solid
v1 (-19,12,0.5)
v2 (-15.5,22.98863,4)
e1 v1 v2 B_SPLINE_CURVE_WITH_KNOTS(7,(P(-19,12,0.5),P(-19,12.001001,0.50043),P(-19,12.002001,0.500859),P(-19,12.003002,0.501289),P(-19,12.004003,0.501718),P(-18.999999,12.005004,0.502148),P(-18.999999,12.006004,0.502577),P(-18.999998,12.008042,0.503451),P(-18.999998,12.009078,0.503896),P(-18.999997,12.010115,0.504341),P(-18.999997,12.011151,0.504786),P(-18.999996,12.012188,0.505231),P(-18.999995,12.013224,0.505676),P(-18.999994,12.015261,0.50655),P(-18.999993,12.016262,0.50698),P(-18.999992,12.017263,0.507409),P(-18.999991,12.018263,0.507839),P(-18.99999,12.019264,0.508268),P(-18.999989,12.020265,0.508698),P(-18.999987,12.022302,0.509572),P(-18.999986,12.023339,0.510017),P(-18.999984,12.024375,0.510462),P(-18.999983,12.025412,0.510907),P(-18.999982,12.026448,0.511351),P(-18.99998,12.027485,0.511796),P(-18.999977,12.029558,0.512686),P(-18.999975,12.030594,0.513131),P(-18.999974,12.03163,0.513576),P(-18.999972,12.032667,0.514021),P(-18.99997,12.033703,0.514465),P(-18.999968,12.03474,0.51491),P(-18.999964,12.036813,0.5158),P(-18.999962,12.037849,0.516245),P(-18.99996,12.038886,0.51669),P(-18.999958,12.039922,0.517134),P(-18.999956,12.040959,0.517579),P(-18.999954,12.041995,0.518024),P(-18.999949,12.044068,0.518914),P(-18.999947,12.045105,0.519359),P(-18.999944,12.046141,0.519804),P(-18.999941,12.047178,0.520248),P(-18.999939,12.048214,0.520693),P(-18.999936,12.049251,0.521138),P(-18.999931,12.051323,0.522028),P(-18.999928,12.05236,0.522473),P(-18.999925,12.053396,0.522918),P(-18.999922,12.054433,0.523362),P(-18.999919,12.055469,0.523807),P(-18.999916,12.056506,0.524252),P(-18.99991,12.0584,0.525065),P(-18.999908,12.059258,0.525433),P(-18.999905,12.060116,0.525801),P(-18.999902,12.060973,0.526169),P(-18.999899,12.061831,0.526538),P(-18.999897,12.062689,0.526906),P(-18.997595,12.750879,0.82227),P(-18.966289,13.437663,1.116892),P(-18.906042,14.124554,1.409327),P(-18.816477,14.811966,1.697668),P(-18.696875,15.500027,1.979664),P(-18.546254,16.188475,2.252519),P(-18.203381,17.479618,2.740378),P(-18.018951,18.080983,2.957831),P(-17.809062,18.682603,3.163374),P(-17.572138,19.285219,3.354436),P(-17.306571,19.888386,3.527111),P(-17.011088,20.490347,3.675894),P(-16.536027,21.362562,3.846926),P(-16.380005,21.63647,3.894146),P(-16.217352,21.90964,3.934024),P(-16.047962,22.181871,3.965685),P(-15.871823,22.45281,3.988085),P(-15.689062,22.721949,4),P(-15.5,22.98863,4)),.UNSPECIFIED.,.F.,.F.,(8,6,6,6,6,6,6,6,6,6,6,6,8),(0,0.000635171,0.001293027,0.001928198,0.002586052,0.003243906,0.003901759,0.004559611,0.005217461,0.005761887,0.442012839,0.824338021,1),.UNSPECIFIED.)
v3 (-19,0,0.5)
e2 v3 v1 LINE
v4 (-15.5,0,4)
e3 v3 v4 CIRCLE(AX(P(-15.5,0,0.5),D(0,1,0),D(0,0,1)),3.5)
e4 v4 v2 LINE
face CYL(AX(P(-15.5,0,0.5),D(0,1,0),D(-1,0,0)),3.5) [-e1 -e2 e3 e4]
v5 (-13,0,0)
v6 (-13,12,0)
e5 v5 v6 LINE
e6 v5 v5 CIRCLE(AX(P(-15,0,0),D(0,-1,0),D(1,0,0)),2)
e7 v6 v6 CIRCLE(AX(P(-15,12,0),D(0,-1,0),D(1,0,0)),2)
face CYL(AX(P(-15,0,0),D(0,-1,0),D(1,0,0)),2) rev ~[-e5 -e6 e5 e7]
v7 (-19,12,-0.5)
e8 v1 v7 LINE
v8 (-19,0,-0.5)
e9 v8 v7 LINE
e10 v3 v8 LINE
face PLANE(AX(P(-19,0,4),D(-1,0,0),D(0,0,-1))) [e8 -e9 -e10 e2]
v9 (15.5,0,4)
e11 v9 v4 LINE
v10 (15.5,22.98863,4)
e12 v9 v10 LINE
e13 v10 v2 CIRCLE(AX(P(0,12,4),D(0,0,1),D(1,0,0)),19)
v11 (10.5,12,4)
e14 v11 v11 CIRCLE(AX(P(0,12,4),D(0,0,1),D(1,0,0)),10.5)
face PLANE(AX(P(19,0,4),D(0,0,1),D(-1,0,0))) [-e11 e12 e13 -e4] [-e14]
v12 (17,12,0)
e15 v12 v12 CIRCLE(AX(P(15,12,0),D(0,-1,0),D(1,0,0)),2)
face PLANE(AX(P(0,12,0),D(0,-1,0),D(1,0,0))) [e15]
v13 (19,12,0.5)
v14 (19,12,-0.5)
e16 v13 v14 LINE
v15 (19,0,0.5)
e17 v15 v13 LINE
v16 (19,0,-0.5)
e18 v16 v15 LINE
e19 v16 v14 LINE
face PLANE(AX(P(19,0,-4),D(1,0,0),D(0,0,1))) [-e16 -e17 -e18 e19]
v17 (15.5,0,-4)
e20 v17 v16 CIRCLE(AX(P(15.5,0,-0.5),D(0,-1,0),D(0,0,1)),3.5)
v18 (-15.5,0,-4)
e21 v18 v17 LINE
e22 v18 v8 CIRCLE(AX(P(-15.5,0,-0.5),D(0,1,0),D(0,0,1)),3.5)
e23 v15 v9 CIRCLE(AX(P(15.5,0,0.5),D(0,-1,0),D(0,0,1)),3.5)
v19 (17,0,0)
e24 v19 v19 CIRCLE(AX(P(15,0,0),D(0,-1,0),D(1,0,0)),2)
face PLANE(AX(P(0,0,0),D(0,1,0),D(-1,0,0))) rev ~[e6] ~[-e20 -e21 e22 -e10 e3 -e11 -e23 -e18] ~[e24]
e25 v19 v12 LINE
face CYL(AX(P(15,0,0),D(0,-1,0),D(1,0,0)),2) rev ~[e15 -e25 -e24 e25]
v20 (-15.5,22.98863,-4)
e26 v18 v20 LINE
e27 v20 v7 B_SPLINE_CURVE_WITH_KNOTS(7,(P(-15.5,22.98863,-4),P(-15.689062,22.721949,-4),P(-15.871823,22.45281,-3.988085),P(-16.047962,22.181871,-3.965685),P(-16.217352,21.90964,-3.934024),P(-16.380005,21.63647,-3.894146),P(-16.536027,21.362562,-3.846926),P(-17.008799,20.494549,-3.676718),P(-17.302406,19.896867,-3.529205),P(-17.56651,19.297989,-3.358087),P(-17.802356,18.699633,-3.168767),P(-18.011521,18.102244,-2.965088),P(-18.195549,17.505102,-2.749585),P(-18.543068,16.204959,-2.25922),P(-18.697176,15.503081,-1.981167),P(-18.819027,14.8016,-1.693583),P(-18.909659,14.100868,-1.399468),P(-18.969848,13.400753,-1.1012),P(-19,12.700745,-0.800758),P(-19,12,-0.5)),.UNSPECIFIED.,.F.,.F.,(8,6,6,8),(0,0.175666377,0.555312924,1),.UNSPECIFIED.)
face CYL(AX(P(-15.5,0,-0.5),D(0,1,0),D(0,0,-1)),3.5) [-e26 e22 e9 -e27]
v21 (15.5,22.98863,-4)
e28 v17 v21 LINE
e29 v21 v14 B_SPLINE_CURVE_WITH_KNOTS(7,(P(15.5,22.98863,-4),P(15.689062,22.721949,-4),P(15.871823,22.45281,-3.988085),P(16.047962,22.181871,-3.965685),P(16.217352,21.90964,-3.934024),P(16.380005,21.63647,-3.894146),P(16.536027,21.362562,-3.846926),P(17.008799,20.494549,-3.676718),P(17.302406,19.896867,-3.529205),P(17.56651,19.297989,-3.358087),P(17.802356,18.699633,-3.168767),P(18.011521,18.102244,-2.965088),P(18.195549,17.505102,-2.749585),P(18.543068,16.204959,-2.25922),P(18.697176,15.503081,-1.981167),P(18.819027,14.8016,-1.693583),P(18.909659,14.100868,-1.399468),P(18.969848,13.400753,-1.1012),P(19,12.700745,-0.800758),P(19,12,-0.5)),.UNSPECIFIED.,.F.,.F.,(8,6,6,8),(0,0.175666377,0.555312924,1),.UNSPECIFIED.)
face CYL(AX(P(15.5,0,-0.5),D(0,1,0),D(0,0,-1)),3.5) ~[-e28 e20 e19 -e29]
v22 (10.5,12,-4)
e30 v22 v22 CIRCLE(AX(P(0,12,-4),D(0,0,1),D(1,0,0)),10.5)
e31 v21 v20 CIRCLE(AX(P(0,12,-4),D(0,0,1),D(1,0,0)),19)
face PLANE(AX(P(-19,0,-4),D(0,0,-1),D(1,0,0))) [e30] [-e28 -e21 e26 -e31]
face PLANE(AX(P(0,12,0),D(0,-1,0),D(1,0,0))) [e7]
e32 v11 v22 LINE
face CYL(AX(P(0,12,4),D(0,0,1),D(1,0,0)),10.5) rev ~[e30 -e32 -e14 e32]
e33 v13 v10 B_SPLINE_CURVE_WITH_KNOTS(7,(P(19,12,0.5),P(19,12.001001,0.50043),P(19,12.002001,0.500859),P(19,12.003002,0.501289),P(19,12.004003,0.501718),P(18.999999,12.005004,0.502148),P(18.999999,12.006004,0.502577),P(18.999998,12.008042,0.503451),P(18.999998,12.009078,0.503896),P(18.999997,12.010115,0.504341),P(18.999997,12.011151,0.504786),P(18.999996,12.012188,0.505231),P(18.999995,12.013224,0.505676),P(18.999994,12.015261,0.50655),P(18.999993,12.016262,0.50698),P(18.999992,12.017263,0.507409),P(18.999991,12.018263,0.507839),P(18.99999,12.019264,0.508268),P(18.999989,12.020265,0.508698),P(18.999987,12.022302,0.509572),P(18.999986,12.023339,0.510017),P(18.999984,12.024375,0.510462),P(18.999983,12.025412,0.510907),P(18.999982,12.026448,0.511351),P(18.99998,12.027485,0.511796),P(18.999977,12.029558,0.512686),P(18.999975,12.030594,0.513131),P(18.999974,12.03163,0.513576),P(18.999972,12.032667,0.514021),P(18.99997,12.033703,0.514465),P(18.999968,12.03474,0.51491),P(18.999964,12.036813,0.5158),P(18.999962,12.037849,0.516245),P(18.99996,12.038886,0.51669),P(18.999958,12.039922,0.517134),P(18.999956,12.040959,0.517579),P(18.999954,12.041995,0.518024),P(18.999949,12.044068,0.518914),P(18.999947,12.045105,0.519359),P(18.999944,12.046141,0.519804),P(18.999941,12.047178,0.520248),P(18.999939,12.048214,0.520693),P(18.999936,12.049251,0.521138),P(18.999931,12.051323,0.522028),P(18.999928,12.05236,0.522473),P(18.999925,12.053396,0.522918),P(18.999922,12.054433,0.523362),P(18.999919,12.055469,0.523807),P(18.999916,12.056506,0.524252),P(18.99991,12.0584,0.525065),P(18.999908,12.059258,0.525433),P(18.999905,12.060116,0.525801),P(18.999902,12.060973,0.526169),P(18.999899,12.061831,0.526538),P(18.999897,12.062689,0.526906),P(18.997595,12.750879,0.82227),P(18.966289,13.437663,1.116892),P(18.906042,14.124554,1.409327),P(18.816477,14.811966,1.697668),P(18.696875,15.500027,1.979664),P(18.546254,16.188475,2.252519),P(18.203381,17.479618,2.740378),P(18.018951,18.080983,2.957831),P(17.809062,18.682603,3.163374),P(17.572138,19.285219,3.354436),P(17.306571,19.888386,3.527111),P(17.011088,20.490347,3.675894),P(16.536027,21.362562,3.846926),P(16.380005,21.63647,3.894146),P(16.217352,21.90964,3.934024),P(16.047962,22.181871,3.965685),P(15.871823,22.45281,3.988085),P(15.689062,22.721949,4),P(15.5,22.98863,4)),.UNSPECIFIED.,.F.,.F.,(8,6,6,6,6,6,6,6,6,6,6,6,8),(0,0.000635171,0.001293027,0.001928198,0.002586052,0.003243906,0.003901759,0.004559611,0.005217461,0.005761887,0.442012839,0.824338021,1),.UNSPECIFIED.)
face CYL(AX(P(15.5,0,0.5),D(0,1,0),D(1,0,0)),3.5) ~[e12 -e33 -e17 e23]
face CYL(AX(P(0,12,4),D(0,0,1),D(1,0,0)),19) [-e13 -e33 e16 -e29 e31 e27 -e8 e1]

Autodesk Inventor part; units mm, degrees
ref_plane "YZ Plane" through (0, 0, 0) normal (1, 0, 0) x (0, 1, 0)
ref_plane "XZ Plane" through (0, 0, 0) normal (0, 1, 0) x (-1, 0, 0)
ref_plane "XY Plane" through (0, 0, 0) normal (0, 0, 1) x (1, 0, 0)
sketch "Эскиз1" plane through (0, 0, 0) normal (1, 0, 0) x (0, 1, 0)
  point P0 (0, 0)
sketch "Эскиз2" plane through (0, 0, 0) normal (0, 1, 0) x (-1, 0, 0)
  line L0 (19, -4) -> (-19, -4)
  line L1 (-19, -4) -> (-19, 4)
  line L2 (-19, 4) -> (19, 4)
  line L3 (19, 4) -> (19, -4)
  line L4 (19, -4) -> (-19, 4) construction
  line L5 (-19, -4) -> (19, 4) construction
  line L6 (19, 0) -> (-19, 0) construction
  circle A0 centre (-15, 0) radius 2
  line L7 (0, -4) -> (0, 4) construction
  circle A1 centre (15, 0) radius 2
  point P0 (0, 0)
  dimension "d1" = 30
  dimension "d2" = 4
  dimension "d3" = 38
  dimension "d4" = 8
extrude "Выдавливание1" add sketch "Эскиз2" along normal blind 35 contours L0 L1 L2 L3 | A0 | A1
fillet "Сопряжение1" radius 3.5 4 edges at (19, 17.5, 4) (19, 17.5, -4) (-19, 17.5, 4) (-19, 17.5, -4)
sketch "Эскиз3" plane through (-15.5, 0, 4) normal (0, 0, 1) x (1, 0, 0)
  line L0 (29, 35) -> (29, 0) construction
  line L1 (0, 0) -> (0, 35) construction
  line L2 (0, 0) -> (31, 0) construction
  line L3 (31, 35) -> (31, 0) construction
  line L4 (0, 35) -> (31, 35) construction
  line L5 (32, 35) -> (32, 0) construction
  line L6 (34.5, 35) -> (31, 35) construction
  line L7 (31, 35) -> (31, 0) construction
  line L8 (31, 0) -> (34.5, 0) construction
  line L9 (34.5, 0) -> (34.5, 35) construction
  line L10 (-1, 35) -> (-1, 0) construction
  line L11 (0, 35) -> (-3.5, 35) construction
  line L12 (-3.5, 35) -> (-3.5, 0) construction
  line L13 (-3.5, 0) -> (0, 0) construction
  line L14 (0, 0) -> (0, 35) construction
  line L15 (0, 0) -> (0, 35) construction
  line L16 (-1, 35) -> (2, 35) construction
  line L17 (29, 35) -> (32, 35) construction
  line L18 (29, 0) -> (32, 0) construction
  line L19 (-1, 35) -> (2, 35) construction
  line L20 (-1, 0) -> (2, 0) construction
  line L21 (-1, 35) -> (2, 35) construction
  line L22 (-1, 0) -> (2, 0) construction
  line L23 (2, 35) -> (2, 0) construction
  line L24 (29, 35) -> (2, 0) construction
  line L25 (2, 35) -> (29, 0) construction
  line L26 (15.5, 17.5) -> (15.5, 35) construction
  line L27 (0, 35) -> (31, 35) construction
  circle A0 centre (15.5, 12) radius 10.5
  point P0 (15.5, 0)
  dimension "d8" = 21
  dimension "d9" = 12
extrude "Выдавливание2" cut sketch "Эскиз3" against normal blind 35
sketch "Эскиз4" plane through (-15.5, 0, 4) normal (0, 0, 1) x (1, 0, 0)
  circle A0 centre (15.5, 12) radius 10.5 construction
  circle A1 centre (15.5, 12) radius 10.5 construction
  line L0 (0, 0) -> (0, 35) construction
  line L1 (0, 0) -> (31, 0) construction
  line L2 (31, 35) -> (31, 0) construction
  line L3 (0, 35) -> (31, 35) construction
  line L4 (-1, 35) -> (-1, 0) construction
  line L5 (0, 35) -> (-3.5, 35) construction
  line L6 (-3.5, 35) -> (-3.5, 0) construction
  line L7 (-3.5, 0) -> (0, 0) construction
  line L8 (0, 0) -> (0, 35) construction
  line L9 (34.5, 35) -> (31, 35) construction
  line L10 (31, 35) -> (31, 0) construction
  line L11 (31, 0) -> (34.5, 0) construction
  line L12 (34.5, 0) -> (34.5, 35) construction
  arc A2 (-1, 2.5793) -> (34.5, 12) centre (15.5, 12) ccw construction
  line L13 (-3.5, 0) -> (-3.5, 35) construction
  line L14 (34.5, 0) -> (34.5, 35) construction
  arc A3 (-3.5, 12) -> (-1, 2.5793) centre (15.5, 12) ccw construction
  arc A4 (34.5, 12) -> (-3.5, 12) centre (15.5, 12) ccw
  line L15 (-3.5, 12) -> (-17.3538, 35.9689)
  line L16 (-17.3538, 35.9689) -> (7.0238, 39.959)
  line L17 (7.0238, 39.959) -> (47.0337, 39.6857)
  line L18 (47.0337, 39.6857) -> (34.5, 12)
  point P0 (15.5, 0)
extrude "Выдавливание3" cut sketch "Эскиз4" against normal blind 35
sketch "Эскиз5" plane through (0, 0, 0) normal (0, -1, 0) x (1, 0, 0)
  circle A0 centre (-15, 0) radius 2 projected
  circle A1 centre (15, 0) radius 2 projected
  point P0 (0, 0)
extrude "Выдавливание4" cut sketch "Эскиз5" against normal blind 12
properties part number "mid_mount_v2" material "Пластик АБС"
